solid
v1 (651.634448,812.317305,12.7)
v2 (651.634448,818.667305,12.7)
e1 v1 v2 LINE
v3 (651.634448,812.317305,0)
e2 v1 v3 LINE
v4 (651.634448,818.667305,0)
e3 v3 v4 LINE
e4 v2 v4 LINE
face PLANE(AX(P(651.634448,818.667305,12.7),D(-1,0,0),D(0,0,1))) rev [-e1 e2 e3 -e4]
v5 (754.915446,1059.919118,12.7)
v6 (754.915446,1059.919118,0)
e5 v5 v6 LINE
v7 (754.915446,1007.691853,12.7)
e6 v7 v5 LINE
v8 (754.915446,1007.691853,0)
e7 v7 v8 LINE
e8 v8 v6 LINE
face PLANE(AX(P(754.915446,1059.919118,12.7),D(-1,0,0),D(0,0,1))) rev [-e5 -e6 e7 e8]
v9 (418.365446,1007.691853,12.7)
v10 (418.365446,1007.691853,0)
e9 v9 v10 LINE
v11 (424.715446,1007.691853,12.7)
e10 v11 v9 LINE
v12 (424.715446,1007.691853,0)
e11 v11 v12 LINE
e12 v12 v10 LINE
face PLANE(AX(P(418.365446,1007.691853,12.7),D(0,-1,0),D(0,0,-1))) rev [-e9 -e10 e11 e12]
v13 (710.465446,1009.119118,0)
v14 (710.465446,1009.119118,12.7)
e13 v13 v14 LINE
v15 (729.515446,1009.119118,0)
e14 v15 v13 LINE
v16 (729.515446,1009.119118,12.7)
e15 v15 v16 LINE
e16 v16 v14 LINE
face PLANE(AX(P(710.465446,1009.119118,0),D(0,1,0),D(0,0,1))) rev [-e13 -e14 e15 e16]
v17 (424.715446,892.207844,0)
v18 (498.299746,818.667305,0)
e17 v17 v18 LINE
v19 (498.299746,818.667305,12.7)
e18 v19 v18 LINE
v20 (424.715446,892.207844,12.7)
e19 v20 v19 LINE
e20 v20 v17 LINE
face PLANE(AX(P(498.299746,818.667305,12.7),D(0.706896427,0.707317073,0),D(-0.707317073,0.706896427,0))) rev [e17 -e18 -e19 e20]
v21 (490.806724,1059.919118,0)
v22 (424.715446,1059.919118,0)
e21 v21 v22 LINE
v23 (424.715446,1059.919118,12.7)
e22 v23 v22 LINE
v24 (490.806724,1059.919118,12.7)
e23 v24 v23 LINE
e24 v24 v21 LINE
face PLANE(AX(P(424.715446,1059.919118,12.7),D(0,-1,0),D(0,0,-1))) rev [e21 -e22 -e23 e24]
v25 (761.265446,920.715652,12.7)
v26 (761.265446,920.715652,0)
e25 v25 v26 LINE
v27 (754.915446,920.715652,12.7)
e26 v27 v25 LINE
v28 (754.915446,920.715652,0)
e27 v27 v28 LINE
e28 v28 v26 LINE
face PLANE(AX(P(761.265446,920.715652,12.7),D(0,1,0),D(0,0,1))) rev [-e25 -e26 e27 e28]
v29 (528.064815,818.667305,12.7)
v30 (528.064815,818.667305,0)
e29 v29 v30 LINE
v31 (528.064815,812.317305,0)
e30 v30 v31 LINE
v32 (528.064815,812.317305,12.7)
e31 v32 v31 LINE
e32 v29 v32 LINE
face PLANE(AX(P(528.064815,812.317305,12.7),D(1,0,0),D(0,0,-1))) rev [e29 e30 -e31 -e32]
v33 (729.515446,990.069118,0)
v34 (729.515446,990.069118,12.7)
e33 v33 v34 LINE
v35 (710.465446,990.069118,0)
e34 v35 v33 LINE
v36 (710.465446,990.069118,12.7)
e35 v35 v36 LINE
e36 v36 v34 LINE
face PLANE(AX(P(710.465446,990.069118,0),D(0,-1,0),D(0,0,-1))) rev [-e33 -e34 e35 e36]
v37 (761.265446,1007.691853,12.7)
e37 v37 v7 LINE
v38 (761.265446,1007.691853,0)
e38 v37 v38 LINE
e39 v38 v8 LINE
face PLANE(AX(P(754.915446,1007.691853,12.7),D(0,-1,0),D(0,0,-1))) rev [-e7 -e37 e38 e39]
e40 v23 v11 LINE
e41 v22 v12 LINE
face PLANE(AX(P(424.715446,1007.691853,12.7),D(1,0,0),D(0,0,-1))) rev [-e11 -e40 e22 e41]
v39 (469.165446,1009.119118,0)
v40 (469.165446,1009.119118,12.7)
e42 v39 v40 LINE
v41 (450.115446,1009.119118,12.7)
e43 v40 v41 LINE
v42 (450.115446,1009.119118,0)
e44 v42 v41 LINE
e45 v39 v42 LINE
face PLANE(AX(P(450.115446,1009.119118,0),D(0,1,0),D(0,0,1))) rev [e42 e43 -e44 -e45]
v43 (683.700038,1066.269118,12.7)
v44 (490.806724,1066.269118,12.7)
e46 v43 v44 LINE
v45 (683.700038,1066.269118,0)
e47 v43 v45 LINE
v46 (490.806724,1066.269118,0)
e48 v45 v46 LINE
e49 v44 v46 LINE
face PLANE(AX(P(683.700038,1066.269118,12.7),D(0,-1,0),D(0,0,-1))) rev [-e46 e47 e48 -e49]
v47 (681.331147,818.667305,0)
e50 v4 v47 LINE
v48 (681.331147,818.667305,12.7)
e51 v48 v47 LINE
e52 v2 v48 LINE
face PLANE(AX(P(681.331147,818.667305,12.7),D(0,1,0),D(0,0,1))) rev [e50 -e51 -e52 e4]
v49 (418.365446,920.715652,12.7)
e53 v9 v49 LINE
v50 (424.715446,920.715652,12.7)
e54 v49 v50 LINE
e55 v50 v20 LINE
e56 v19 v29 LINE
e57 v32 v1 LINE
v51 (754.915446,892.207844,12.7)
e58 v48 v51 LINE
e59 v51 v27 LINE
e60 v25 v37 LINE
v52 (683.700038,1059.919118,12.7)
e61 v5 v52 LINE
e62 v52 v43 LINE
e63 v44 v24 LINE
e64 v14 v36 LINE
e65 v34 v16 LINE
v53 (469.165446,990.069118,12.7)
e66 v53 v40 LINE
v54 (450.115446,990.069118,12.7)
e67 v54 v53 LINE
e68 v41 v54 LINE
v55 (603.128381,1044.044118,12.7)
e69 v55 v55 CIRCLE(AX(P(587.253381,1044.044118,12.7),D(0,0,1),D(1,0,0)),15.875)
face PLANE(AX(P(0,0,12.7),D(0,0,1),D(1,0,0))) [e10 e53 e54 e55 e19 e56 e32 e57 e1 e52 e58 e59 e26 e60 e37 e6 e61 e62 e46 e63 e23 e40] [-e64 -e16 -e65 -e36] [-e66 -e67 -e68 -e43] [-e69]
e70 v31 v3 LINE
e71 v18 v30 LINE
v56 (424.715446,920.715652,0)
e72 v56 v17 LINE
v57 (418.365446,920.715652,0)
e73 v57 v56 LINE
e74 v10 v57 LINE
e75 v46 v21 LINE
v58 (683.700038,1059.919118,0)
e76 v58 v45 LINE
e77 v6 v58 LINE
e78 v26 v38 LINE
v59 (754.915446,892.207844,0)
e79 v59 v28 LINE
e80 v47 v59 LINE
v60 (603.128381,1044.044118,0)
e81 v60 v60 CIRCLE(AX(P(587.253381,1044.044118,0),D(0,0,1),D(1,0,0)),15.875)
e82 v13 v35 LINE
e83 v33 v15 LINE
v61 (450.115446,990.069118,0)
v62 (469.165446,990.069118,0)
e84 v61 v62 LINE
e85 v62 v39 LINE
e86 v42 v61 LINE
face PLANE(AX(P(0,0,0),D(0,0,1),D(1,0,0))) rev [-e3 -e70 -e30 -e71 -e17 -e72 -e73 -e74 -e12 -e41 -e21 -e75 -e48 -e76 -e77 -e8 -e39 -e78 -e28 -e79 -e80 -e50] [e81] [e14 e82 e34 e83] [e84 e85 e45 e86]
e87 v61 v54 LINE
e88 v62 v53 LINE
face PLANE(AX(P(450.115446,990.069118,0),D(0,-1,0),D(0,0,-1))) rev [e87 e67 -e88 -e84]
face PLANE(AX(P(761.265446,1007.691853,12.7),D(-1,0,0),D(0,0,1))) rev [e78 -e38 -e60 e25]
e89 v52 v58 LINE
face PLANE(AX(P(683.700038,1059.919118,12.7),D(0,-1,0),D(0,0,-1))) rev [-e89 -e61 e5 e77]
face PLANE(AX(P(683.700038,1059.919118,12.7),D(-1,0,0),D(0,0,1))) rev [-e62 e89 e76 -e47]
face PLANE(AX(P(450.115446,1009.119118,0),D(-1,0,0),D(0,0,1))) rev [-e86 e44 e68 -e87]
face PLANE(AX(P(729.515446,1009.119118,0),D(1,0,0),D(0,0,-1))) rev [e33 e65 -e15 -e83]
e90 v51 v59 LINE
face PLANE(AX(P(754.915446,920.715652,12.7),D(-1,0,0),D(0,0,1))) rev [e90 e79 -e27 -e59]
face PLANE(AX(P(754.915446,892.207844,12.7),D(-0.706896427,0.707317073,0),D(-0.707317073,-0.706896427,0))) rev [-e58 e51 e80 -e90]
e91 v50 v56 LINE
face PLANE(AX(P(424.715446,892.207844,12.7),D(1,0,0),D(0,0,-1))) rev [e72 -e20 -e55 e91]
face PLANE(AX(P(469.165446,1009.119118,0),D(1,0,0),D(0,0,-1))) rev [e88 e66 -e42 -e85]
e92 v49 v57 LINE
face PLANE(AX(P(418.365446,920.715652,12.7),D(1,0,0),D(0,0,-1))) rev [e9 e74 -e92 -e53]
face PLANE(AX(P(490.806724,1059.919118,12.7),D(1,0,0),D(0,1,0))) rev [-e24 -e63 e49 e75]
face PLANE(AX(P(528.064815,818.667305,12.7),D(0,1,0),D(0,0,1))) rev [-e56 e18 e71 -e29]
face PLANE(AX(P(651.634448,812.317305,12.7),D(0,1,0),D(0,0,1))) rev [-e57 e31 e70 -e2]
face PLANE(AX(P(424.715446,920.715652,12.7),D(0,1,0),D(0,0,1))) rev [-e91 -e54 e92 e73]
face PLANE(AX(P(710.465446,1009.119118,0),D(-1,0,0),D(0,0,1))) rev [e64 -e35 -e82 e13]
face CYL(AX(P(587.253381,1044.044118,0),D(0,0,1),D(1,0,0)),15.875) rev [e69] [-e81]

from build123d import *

# Parameters (mm, degrees)
BOSS_EXTRUDE1_DEPTH = 12.7
SKETCH2_R           = 15.875
SKETCH2_W           = 19.05
SKETCH2_H           = 19.05
CUT_EXTRUDE1_DEPTH  = 13.7


with BuildPart() as part:
    # Sketch1 → Boss-Extrude1 (new body)
    with BuildSketch(Plane.XY):
        Polygon((424.715446324, 892.207843626), (424.715446324, 920.715652439), (418.365446324, 920.715652439), (418.365446324, 1007.691853389), (424.715446324, 1007.691853389), (424.715446324, 1059.919118431), (490.806723979, 1059.919118431), (490.806723979, 1066.269118431), (683.70003755, 1066.269118431), (683.70003755, 1059.919118431), (754.915446324, 1059.919118431), (754.915446324, 1007.691853389), (761.265446324, 1007.691853389), (761.265446324, 920.715652439), (754.915446324, 920.715652439), (754.915446324, 892.207843626), (681.331146762, 818.667305174), (651.634447679, 818.667305174), (651.634447679, 812.317305174), (528.064815274, 812.317305174), (528.064815274, 818.667305174), (498.299745887, 818.667305174), align=None)
    extrude(amount=BOSS_EXTRUDE1_DEPTH)

    # Sketch2 → Cut-Extrude1 (cut, through all)
    with BuildSketch(Plane.XY.offset(12.7)):
        with Locations((587.253380764, 1044.044118431)):
            Circle(SKETCH2_R)
        with Locations((459.640446324, 999.594118431)):
            Rectangle(SKETCH2_W, SKETCH2_H)
        with Locations((719.990446324, 999.594118431)):
            Rectangle(SKETCH2_W, SKETCH2_H)
    extrude(amount=-CUT_EXTRUDE1_DEPTH, mode=Mode.SUBTRACT)


solid = part.part
